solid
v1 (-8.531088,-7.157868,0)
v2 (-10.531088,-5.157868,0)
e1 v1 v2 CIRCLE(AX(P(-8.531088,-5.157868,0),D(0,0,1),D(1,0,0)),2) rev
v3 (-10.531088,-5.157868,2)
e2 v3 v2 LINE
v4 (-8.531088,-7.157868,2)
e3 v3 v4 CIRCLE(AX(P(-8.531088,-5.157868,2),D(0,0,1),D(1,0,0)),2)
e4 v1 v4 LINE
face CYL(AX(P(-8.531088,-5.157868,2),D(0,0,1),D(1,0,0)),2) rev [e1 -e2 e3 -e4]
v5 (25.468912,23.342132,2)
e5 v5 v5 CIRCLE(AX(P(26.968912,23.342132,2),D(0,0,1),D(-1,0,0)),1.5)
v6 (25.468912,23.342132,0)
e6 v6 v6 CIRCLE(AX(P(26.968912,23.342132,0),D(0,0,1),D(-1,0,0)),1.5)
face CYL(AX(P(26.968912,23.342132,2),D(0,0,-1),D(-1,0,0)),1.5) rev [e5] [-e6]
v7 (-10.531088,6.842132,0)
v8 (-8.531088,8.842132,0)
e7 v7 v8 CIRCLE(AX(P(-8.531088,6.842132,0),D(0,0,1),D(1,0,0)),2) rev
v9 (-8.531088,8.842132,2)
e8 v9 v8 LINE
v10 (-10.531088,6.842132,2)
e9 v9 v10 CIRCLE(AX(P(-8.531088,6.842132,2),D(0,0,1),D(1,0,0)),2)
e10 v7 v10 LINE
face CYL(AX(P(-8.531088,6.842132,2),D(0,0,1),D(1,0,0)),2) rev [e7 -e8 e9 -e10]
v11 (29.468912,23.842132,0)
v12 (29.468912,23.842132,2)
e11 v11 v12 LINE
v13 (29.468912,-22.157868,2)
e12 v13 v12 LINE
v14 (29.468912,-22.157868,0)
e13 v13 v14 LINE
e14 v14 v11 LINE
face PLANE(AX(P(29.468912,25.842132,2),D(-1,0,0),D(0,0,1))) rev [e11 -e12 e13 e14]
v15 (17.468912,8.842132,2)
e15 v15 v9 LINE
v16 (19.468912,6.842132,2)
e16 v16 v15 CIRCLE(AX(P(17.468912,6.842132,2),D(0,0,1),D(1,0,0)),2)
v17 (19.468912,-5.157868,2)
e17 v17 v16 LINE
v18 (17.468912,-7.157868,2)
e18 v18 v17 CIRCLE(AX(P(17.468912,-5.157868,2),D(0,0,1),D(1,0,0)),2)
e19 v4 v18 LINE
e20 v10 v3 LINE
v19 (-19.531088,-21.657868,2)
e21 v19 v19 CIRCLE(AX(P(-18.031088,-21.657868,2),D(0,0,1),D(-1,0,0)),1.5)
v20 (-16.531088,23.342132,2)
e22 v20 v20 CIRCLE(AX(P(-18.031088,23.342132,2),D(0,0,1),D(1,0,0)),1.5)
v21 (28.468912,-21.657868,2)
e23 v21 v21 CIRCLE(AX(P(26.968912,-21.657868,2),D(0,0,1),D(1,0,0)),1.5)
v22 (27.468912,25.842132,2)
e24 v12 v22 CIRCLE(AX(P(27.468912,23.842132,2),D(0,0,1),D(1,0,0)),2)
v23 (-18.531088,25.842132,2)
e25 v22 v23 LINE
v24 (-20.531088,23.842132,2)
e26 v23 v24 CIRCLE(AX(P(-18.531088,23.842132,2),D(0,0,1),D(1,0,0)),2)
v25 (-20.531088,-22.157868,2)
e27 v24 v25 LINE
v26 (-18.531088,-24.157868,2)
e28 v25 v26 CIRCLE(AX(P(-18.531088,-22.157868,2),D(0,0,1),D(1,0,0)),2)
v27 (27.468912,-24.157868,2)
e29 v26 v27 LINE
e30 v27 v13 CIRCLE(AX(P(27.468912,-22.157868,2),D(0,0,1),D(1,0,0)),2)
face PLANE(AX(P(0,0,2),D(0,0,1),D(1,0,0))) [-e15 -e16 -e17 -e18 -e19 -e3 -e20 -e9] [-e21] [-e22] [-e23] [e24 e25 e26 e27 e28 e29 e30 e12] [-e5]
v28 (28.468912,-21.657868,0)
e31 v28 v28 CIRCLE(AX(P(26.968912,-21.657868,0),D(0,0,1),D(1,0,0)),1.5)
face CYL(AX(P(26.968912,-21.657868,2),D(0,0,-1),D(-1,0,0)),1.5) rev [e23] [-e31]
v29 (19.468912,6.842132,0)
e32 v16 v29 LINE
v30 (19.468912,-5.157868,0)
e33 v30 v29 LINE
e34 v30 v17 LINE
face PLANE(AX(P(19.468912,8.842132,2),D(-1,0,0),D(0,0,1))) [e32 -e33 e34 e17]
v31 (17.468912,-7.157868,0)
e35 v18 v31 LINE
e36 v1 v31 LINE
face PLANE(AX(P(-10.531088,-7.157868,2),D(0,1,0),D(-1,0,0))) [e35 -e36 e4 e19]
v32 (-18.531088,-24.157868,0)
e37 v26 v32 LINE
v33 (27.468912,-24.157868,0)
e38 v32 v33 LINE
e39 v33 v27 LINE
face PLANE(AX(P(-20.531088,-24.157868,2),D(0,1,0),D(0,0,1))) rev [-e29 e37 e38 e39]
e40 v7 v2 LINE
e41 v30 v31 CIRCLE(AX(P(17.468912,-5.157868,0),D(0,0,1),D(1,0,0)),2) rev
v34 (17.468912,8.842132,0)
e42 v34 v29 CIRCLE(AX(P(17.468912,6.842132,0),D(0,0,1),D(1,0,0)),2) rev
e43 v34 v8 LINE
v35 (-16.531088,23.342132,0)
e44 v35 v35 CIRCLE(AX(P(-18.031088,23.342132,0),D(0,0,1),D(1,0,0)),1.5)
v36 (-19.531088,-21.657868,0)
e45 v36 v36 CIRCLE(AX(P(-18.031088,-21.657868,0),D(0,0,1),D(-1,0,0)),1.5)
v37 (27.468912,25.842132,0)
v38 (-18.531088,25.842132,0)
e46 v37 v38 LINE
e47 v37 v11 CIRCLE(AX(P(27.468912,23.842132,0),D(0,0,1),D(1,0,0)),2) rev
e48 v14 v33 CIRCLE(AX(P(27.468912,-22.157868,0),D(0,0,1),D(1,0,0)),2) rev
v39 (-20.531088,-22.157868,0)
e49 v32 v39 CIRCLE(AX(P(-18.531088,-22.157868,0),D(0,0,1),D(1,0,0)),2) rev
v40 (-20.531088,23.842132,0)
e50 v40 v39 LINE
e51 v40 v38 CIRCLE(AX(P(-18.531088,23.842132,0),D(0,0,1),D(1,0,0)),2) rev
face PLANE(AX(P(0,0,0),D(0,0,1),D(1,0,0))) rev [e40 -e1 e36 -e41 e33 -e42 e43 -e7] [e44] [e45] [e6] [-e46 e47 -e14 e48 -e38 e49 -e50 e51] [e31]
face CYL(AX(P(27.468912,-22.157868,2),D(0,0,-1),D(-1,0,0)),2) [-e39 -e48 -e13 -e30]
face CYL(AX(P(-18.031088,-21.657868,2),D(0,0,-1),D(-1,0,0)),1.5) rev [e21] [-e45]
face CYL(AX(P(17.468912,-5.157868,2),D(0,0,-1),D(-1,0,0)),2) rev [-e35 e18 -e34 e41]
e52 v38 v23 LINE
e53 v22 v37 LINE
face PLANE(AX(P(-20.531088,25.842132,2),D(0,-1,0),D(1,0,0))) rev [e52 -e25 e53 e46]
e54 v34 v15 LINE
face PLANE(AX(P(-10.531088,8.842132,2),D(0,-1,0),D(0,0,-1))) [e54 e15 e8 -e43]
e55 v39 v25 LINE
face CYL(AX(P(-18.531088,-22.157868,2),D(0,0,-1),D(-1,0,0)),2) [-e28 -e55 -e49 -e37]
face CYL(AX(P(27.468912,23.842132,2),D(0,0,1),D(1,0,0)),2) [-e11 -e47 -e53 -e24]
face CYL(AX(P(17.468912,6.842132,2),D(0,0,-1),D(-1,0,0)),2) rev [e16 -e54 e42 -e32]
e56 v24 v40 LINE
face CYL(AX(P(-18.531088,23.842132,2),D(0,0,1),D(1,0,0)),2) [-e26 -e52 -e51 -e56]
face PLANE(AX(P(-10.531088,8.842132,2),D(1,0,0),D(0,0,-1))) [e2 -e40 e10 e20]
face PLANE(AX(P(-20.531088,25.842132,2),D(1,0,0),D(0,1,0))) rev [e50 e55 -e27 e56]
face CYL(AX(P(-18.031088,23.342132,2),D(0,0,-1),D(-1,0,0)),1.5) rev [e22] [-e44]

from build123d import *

# Parameters (mm, degrees)
SKETCH_1_W      = 50
SKETCH_1_H      = 50
SKETCH_1_R      = 1.5
SKETCH_1_W_2    = 30
SKETCH_1_H_2    = 16
EXTRUDE_1_DEPTH = 2
FILLET_1_R      = 2
FILLET_2_R      = 2
FILLET_3_R      = 2
FILLET_4_R      = 2
FILLET_5_R      = 2
FILLET_6_R      = 2
FILLET_7_R      = 2
FILLET_8_R      = 2


with BuildPart() as part:
    # 草图1 → 凸台-拉伸1 (new body)
    with BuildSketch(Plane.XY):
        with Locations((4.468911917, 0.842132209)):
            Rectangle(SKETCH_1_W, SKETCH_1_H)
        with Locations((-18.031088083, 23.342132209)):
            Circle(SKETCH_1_R, mode=Mode.SUBTRACT)
        with Locations(Location((26.968911917, 23.342132209, 0), (0, 0, 180))):
            Circle(SKETCH_1_R, mode=Mode.SUBTRACT)
        with Locations((26.968911917, -21.657867791)):
            Circle(SKETCH_1_R, mode=Mode.SUBTRACT)
        with Locations(Location((-18.031088083, -21.657867791, 0), (0, 0, 180))):
            Circle(SKETCH_1_R, mode=Mode.SUBTRACT)
        with Locations((4.468911917, 0.842132209)):
            Rectangle(SKETCH_1_W_2, SKETCH_1_H_2, mode=Mode.SUBTRACT)
    extrude(amount=EXTRUDE_1_DEPTH)

    # 圆角1
    fillet_1_edges = [part.edges().sort_by_distance(p)[0] for p in [
        (19.468911917, 8.842132209, 1),
    ]]
    fillet(fillet_1_edges, radius=FILLET_1_R)

    # 圆角2
    fillet_2_edges = [part.edges().sort_by_distance(p)[0] for p in [
        (19.468911917, -7.157867791, 1),
    ]]
    fillet(fillet_2_edges, radius=FILLET_2_R)

    # 圆角3
    fillet_3_edges = [part.edges().sort_by_distance(p)[0] for p in [
        (-10.531088083, 8.842132209, 1),
    ]]
    fillet(fillet_3_edges, radius=FILLET_3_R)

    # 圆角4
    fillet_4_edges = [part.edges().sort_by_distance(p)[0] for p in [
        (-10.531088083, -7.157867791, 1),
    ]]
    fillet(fillet_4_edges, radius=FILLET_4_R)

    # 圆角5
    fillet_5_edges = [part.edges().sort_by_distance(p)[0] for p in [
        (29.468911917, 25.842132209, 1),
    ]]
    fillet(fillet_5_edges, radius=FILLET_5_R)

    # 圆角6
    fillet_6_edges = [part.edges().sort_by_distance(p)[0] for p in [
        (29.468911917, -24.157867791, 1),
    ]]
    fillet(fillet_6_edges, radius=FILLET_6_R)

    # 圆角7
    fillet_7_edges = [part.edges().sort_by_distance(p)[0] for p in [
        (-20.531088083, 25.842132209, 1),
    ]]
    fillet(fillet_7_edges, radius=FILLET_7_R)

    # 圆角8
    fillet_8_edges = [part.edges().sort_by_distance(p)[0] for p in [
        (-20.531088083, -24.157867791, 1),
    ]]
    fillet(fillet_8_edges, radius=FILLET_8_R)


solid = part.part
